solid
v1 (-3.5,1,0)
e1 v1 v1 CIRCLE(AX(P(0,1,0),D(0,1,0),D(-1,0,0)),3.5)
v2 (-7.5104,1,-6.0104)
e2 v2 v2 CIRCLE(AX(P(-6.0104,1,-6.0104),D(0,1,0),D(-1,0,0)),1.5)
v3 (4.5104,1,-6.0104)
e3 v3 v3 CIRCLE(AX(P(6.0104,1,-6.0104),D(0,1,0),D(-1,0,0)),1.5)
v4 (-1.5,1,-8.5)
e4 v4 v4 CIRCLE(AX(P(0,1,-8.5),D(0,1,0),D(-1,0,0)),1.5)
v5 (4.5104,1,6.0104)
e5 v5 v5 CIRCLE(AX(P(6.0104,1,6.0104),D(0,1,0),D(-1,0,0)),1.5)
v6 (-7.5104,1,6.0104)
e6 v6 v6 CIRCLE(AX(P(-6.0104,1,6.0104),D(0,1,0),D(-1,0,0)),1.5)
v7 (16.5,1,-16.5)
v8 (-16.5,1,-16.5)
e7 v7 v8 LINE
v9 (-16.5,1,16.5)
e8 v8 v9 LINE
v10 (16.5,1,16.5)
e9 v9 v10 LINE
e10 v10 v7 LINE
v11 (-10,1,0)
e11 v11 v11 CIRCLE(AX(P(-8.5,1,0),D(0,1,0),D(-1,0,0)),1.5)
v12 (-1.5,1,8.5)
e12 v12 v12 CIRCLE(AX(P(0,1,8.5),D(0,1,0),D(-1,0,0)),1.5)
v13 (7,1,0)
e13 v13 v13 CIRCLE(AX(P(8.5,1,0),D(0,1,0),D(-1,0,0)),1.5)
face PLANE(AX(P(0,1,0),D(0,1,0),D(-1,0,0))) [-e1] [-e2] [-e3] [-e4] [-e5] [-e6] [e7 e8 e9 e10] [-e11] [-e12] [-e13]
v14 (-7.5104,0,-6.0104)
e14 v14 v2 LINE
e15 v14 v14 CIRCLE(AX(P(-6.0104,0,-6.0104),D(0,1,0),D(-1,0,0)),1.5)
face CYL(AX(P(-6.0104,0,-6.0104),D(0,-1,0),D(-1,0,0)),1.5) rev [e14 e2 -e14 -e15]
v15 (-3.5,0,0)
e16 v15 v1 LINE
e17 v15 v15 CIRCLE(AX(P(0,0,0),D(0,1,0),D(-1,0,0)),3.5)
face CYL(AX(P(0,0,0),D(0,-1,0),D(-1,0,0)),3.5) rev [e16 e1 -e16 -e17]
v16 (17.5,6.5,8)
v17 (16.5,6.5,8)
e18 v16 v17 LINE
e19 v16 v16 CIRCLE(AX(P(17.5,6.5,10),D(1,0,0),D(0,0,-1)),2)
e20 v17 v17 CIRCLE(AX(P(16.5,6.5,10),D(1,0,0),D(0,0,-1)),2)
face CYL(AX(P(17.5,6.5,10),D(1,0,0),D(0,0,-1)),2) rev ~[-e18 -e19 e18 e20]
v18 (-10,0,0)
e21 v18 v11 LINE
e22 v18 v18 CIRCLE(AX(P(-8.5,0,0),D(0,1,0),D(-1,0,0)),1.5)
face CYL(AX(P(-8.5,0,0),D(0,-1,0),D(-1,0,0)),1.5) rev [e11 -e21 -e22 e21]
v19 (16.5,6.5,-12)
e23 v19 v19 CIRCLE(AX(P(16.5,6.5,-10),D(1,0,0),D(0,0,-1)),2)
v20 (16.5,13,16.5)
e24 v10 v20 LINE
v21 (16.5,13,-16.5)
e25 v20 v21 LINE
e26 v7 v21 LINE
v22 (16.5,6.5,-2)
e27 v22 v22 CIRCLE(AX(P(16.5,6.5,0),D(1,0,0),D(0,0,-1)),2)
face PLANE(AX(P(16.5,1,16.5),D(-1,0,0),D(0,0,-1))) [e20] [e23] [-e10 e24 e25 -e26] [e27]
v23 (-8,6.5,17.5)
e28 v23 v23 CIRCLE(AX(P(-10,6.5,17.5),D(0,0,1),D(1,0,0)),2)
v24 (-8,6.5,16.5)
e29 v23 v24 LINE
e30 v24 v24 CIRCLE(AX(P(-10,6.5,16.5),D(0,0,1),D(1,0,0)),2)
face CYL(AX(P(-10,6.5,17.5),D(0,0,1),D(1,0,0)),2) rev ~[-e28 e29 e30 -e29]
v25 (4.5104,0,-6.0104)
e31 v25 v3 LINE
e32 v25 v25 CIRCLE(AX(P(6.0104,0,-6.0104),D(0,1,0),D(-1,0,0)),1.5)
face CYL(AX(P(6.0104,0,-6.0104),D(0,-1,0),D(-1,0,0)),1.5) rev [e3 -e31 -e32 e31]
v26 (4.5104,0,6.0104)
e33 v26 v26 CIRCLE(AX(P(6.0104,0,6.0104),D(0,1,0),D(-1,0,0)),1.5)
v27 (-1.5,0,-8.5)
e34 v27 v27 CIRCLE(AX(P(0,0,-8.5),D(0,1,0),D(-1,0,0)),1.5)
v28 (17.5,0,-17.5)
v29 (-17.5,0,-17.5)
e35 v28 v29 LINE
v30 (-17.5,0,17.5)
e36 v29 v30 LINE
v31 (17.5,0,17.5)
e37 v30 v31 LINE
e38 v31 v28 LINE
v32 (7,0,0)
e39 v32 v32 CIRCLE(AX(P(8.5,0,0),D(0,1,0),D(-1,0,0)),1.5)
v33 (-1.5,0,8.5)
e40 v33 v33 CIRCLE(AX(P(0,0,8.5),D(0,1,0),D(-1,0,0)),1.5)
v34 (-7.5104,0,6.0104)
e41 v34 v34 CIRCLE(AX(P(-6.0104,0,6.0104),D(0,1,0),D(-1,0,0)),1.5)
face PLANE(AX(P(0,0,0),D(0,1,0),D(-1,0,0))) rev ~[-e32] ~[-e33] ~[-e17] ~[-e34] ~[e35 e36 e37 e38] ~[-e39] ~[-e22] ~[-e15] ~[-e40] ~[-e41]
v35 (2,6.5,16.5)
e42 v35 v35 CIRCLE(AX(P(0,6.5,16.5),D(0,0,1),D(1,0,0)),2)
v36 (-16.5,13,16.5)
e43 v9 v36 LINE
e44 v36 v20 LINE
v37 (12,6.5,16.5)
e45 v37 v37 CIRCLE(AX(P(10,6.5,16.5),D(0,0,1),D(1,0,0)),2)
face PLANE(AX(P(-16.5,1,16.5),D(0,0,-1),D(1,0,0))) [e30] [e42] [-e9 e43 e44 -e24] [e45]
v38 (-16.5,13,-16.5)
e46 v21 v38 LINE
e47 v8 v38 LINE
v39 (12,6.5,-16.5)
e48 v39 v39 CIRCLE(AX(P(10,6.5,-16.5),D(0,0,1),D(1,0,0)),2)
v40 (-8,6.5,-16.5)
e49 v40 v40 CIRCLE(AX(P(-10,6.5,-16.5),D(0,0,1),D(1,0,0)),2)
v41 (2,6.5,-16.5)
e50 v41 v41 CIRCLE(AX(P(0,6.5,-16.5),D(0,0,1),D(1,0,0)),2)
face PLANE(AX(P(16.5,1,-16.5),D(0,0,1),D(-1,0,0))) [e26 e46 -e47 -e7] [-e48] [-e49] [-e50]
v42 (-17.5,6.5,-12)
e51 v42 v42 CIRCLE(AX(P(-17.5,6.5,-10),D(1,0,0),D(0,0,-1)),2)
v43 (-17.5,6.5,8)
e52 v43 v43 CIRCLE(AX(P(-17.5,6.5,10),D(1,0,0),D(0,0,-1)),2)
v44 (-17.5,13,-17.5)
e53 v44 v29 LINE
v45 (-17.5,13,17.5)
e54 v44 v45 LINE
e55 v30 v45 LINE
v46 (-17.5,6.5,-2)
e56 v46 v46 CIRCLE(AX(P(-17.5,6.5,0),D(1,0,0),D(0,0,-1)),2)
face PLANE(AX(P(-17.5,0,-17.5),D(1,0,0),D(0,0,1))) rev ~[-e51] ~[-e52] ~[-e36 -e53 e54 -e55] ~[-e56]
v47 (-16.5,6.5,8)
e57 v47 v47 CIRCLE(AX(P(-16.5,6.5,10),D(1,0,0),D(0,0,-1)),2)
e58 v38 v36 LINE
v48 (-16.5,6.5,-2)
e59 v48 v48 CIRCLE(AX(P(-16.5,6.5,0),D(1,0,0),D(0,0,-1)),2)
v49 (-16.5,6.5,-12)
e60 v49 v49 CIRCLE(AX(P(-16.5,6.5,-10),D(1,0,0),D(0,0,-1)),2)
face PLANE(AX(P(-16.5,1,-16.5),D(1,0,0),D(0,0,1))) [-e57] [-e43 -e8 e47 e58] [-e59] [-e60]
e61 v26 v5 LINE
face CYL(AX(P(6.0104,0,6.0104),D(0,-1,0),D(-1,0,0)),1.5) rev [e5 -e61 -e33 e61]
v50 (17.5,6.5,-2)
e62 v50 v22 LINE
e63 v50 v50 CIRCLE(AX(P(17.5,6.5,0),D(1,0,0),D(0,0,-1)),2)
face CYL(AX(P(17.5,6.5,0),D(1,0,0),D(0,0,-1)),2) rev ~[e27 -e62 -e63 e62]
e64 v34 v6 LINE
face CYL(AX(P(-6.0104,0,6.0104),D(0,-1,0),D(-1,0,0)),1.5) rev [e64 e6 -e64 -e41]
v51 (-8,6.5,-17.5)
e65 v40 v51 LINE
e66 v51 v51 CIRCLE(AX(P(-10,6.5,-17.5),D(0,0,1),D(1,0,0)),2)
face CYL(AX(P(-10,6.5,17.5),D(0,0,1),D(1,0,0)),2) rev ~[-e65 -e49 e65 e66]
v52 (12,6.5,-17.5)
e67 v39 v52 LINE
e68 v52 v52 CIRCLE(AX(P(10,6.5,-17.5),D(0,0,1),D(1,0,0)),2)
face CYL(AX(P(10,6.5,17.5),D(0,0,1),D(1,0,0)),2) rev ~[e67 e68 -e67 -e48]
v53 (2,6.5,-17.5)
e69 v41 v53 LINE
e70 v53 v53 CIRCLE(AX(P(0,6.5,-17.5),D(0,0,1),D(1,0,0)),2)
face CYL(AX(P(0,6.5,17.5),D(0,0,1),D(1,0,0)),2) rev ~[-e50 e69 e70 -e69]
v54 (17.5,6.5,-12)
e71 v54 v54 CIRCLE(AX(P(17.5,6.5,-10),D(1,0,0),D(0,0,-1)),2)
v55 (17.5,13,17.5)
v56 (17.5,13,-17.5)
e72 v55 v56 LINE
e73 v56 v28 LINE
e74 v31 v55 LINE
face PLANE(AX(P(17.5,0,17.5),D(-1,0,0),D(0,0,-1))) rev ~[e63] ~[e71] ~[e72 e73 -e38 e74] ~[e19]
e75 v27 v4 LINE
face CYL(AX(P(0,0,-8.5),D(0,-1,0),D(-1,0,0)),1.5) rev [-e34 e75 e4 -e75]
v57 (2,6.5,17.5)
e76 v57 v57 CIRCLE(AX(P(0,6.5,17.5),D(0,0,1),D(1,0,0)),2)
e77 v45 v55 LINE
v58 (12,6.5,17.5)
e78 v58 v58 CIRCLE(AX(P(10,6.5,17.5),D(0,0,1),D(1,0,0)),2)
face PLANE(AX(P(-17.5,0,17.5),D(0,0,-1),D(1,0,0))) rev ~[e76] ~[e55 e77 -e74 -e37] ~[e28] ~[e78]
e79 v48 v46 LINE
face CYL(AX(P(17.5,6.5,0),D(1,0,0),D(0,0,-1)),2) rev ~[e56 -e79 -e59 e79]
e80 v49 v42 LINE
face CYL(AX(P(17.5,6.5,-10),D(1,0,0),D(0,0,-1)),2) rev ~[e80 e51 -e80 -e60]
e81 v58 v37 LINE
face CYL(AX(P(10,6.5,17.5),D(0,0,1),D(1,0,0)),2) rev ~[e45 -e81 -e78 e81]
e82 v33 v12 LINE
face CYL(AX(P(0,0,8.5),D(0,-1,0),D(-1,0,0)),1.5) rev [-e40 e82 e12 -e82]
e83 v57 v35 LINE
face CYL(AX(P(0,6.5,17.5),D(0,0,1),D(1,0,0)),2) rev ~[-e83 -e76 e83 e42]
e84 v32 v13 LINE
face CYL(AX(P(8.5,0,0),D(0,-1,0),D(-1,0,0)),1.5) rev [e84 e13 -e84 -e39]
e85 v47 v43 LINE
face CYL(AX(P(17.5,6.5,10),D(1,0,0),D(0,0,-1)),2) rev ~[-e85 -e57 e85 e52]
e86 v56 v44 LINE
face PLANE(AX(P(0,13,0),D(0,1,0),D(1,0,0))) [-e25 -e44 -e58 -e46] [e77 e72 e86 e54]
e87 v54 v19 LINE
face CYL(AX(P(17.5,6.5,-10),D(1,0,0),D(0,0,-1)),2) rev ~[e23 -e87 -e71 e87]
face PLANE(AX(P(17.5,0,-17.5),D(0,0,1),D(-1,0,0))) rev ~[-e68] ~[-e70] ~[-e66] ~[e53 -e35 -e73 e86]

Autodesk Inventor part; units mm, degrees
ref_plane "YZ Plane" through (0, 0, 0) normal (1, 0, 0) x (0, 1, 0)
ref_plane "XZ Plane" through (0, 0, 0) normal (0, 1, 0) x (-1, 0, 0)
ref_plane "XY Plane" through (0, 0, 0) normal (0, 0, 1) x (1, 0, 0)
sketch "Эскиз1" plane through (0, 0, 0) normal (0, 1, 0) x (-1, 0, 0)
  circle A0 centre (0, 0) radius 3.5
  circle A1 centre (0, -8.5) radius 1.5
  circle A2 centre (6.0104, -6.0104) radius 1.5
  circle A3 centre (8.5, 0) radius 1.5
  circle A4 centre (6.0104, 6.0104) radius 1.5
  circle A5 centre (0, 8.5) radius 1.5
  circle A6 centre (-6.0104, 6.0104) radius 1.5
  circle A7 centre (-8.5, 0) radius 1.5
  circle A8 centre (-6.0104, -6.0104) radius 1.5
  line L0 (17.5, 17.5) -> (-17.5, 17.5)
  line L1 (-17.5, 17.5) -> (-17.5, -17.5)
  line L2 (-17.5, -17.5) -> (17.5, -17.5)
  line L3 (17.5, -17.5) -> (17.5, 17.5)
  dimension "d0" = 7
  dimension "d1" = 3
  dimension "d2" = 8.5
  dimension "d5" = 360
  dimension "d7" = 35
  dimension "d8" = 17.5
  dimension "d9" = 35
  dimension "d10" = 17.5
extrude "Выдавливание1" add sketch "Эскиз1" along normal blind 1
sketch "Эскиз2" plane through (0, 1, 0) normal (0, 1, 0) x (1, 0, 0)
  circle A0 centre (0, 0) radius 3.5 projected
  circle A1 centre (6.0104, 6.0104) radius 1.5 projected
  circle A2 centre (8.5, 0) radius 1.5 projected
  circle A3 centre (6.0104, -6.0104) radius 1.5 projected
  circle A4 centre (0, -8.5) radius 1.5 projected
  circle A5 centre (-6.0104, -6.0104) radius 1.5 projected
  circle A6 centre (-8.5, 0) radius 1.5 projected
  circle A7 centre (-6.0104, 6.0104) radius 1.5 projected
  circle A8 centre (0, 8.5) radius 1.5 projected
  line L0 (-17.5, -17.5) -> (17.5, -17.5) projected
  line L1 (17.5, -17.5) -> (17.5, 17.5) projected
  line L2 (17.5, 17.5) -> (-17.5, 17.5) projected
  line L3 (-17.5, 17.5) -> (-17.5, -17.5) projected
  line L4 (-16.5, -16.5) -> (16.5, -16.5)
  line L5 (16.5, -16.5) -> (16.5, 16.5)
  line L6 (16.5, 16.5) -> (-16.5, 16.5)
  line L7 (-16.5, 16.5) -> (-16.5, -16.5)
  dimension "d13" = 1
  dimension "d14" = 1
  dimension "d15" = 1
  dimension "d16" = 1
extrude "Выдавливание2" add sketch "Эскиз2" along normal blind 12 contours L3 L2 L1 L0
sketch "Эскиз3" plane through (17.5, 0, 17.5) normal (1, 0, 0) x (0, 0, -1)
  circle A0 centre (17.5, 6.5) radius 2
  line L0 (0, 0) -> (0, 13) projected
  line L1 (35, 0) -> (35, 13) projected
  line L2 (0, 0) -> (35, 0) projected
  line L3 (0, 13) -> (35, 13) projected
  circle A1 centre (27.5, 6.5) radius 2
  circle A2 centre (7.5, 6.5) radius 2
  point P0 (17.5, 0)
  dimension "d19" = 4
  dimension "d20" = 35
  dimension "d21" = 17.5
  dimension "d22" = 13
  dimension "d23" = 6.5
  dimension "d24" = 4
  dimension "d25" = 10
  dimension "d26" = 4
  dimension "d27" = 10
extrude "Выдавливание3" cut sketch "Эскиз3" against normal blind 40 contours A0 | A1 | A2
sketch "Эскиз4" plane through (-17.5, 0, 17.5) normal (0, 0, 1) x (1, 0, 0)
  circle A0 centre (17.5, 6.5) radius 2
  line L0 (35, 0) -> (35, 13) projected
  line L1 (0, 0) -> (0, 13) projected
  line L2 (0, 0) -> (35, 0) projected
  line L3 (0, 13) -> (35, 13) projected
  circle A1 centre (27.5, 6.5) radius 2
  circle A2 centre (7.5, 6.5) radius 2
  point P0 (17.5, 0)
  dimension "d30" = 4
  dimension "d31" = 35
  dimension "d32" = 13
  dimension "d33" = 6.5
  dimension "d34" = 17.5
  dimension "d35" = 4
  dimension "d36" = 10
  dimension "d39" = 360
extrude "Выдавливание4" cut sketch "Эскиз4" against normal blind 40 contours A0 | A1 | A2
equation "\"d8\" = 0.5 * d7"
equation "\"d9\" = d7"
equation "\"d10\" = 0.5 * d9"
equation "\"d14\" = d13"
equation "\"d15\" = d13"
equation "\"d16\" = d13"
equation "\"d21\" = 0.5 * d20"
equation "\"d23\" = 0.5 * d22"
equation "\"d33\" = 0.5 * d32"
equation "\"d34\" = 0.5 * d31"
properties part number "01_Крепление_мотора" material "Сталь"
